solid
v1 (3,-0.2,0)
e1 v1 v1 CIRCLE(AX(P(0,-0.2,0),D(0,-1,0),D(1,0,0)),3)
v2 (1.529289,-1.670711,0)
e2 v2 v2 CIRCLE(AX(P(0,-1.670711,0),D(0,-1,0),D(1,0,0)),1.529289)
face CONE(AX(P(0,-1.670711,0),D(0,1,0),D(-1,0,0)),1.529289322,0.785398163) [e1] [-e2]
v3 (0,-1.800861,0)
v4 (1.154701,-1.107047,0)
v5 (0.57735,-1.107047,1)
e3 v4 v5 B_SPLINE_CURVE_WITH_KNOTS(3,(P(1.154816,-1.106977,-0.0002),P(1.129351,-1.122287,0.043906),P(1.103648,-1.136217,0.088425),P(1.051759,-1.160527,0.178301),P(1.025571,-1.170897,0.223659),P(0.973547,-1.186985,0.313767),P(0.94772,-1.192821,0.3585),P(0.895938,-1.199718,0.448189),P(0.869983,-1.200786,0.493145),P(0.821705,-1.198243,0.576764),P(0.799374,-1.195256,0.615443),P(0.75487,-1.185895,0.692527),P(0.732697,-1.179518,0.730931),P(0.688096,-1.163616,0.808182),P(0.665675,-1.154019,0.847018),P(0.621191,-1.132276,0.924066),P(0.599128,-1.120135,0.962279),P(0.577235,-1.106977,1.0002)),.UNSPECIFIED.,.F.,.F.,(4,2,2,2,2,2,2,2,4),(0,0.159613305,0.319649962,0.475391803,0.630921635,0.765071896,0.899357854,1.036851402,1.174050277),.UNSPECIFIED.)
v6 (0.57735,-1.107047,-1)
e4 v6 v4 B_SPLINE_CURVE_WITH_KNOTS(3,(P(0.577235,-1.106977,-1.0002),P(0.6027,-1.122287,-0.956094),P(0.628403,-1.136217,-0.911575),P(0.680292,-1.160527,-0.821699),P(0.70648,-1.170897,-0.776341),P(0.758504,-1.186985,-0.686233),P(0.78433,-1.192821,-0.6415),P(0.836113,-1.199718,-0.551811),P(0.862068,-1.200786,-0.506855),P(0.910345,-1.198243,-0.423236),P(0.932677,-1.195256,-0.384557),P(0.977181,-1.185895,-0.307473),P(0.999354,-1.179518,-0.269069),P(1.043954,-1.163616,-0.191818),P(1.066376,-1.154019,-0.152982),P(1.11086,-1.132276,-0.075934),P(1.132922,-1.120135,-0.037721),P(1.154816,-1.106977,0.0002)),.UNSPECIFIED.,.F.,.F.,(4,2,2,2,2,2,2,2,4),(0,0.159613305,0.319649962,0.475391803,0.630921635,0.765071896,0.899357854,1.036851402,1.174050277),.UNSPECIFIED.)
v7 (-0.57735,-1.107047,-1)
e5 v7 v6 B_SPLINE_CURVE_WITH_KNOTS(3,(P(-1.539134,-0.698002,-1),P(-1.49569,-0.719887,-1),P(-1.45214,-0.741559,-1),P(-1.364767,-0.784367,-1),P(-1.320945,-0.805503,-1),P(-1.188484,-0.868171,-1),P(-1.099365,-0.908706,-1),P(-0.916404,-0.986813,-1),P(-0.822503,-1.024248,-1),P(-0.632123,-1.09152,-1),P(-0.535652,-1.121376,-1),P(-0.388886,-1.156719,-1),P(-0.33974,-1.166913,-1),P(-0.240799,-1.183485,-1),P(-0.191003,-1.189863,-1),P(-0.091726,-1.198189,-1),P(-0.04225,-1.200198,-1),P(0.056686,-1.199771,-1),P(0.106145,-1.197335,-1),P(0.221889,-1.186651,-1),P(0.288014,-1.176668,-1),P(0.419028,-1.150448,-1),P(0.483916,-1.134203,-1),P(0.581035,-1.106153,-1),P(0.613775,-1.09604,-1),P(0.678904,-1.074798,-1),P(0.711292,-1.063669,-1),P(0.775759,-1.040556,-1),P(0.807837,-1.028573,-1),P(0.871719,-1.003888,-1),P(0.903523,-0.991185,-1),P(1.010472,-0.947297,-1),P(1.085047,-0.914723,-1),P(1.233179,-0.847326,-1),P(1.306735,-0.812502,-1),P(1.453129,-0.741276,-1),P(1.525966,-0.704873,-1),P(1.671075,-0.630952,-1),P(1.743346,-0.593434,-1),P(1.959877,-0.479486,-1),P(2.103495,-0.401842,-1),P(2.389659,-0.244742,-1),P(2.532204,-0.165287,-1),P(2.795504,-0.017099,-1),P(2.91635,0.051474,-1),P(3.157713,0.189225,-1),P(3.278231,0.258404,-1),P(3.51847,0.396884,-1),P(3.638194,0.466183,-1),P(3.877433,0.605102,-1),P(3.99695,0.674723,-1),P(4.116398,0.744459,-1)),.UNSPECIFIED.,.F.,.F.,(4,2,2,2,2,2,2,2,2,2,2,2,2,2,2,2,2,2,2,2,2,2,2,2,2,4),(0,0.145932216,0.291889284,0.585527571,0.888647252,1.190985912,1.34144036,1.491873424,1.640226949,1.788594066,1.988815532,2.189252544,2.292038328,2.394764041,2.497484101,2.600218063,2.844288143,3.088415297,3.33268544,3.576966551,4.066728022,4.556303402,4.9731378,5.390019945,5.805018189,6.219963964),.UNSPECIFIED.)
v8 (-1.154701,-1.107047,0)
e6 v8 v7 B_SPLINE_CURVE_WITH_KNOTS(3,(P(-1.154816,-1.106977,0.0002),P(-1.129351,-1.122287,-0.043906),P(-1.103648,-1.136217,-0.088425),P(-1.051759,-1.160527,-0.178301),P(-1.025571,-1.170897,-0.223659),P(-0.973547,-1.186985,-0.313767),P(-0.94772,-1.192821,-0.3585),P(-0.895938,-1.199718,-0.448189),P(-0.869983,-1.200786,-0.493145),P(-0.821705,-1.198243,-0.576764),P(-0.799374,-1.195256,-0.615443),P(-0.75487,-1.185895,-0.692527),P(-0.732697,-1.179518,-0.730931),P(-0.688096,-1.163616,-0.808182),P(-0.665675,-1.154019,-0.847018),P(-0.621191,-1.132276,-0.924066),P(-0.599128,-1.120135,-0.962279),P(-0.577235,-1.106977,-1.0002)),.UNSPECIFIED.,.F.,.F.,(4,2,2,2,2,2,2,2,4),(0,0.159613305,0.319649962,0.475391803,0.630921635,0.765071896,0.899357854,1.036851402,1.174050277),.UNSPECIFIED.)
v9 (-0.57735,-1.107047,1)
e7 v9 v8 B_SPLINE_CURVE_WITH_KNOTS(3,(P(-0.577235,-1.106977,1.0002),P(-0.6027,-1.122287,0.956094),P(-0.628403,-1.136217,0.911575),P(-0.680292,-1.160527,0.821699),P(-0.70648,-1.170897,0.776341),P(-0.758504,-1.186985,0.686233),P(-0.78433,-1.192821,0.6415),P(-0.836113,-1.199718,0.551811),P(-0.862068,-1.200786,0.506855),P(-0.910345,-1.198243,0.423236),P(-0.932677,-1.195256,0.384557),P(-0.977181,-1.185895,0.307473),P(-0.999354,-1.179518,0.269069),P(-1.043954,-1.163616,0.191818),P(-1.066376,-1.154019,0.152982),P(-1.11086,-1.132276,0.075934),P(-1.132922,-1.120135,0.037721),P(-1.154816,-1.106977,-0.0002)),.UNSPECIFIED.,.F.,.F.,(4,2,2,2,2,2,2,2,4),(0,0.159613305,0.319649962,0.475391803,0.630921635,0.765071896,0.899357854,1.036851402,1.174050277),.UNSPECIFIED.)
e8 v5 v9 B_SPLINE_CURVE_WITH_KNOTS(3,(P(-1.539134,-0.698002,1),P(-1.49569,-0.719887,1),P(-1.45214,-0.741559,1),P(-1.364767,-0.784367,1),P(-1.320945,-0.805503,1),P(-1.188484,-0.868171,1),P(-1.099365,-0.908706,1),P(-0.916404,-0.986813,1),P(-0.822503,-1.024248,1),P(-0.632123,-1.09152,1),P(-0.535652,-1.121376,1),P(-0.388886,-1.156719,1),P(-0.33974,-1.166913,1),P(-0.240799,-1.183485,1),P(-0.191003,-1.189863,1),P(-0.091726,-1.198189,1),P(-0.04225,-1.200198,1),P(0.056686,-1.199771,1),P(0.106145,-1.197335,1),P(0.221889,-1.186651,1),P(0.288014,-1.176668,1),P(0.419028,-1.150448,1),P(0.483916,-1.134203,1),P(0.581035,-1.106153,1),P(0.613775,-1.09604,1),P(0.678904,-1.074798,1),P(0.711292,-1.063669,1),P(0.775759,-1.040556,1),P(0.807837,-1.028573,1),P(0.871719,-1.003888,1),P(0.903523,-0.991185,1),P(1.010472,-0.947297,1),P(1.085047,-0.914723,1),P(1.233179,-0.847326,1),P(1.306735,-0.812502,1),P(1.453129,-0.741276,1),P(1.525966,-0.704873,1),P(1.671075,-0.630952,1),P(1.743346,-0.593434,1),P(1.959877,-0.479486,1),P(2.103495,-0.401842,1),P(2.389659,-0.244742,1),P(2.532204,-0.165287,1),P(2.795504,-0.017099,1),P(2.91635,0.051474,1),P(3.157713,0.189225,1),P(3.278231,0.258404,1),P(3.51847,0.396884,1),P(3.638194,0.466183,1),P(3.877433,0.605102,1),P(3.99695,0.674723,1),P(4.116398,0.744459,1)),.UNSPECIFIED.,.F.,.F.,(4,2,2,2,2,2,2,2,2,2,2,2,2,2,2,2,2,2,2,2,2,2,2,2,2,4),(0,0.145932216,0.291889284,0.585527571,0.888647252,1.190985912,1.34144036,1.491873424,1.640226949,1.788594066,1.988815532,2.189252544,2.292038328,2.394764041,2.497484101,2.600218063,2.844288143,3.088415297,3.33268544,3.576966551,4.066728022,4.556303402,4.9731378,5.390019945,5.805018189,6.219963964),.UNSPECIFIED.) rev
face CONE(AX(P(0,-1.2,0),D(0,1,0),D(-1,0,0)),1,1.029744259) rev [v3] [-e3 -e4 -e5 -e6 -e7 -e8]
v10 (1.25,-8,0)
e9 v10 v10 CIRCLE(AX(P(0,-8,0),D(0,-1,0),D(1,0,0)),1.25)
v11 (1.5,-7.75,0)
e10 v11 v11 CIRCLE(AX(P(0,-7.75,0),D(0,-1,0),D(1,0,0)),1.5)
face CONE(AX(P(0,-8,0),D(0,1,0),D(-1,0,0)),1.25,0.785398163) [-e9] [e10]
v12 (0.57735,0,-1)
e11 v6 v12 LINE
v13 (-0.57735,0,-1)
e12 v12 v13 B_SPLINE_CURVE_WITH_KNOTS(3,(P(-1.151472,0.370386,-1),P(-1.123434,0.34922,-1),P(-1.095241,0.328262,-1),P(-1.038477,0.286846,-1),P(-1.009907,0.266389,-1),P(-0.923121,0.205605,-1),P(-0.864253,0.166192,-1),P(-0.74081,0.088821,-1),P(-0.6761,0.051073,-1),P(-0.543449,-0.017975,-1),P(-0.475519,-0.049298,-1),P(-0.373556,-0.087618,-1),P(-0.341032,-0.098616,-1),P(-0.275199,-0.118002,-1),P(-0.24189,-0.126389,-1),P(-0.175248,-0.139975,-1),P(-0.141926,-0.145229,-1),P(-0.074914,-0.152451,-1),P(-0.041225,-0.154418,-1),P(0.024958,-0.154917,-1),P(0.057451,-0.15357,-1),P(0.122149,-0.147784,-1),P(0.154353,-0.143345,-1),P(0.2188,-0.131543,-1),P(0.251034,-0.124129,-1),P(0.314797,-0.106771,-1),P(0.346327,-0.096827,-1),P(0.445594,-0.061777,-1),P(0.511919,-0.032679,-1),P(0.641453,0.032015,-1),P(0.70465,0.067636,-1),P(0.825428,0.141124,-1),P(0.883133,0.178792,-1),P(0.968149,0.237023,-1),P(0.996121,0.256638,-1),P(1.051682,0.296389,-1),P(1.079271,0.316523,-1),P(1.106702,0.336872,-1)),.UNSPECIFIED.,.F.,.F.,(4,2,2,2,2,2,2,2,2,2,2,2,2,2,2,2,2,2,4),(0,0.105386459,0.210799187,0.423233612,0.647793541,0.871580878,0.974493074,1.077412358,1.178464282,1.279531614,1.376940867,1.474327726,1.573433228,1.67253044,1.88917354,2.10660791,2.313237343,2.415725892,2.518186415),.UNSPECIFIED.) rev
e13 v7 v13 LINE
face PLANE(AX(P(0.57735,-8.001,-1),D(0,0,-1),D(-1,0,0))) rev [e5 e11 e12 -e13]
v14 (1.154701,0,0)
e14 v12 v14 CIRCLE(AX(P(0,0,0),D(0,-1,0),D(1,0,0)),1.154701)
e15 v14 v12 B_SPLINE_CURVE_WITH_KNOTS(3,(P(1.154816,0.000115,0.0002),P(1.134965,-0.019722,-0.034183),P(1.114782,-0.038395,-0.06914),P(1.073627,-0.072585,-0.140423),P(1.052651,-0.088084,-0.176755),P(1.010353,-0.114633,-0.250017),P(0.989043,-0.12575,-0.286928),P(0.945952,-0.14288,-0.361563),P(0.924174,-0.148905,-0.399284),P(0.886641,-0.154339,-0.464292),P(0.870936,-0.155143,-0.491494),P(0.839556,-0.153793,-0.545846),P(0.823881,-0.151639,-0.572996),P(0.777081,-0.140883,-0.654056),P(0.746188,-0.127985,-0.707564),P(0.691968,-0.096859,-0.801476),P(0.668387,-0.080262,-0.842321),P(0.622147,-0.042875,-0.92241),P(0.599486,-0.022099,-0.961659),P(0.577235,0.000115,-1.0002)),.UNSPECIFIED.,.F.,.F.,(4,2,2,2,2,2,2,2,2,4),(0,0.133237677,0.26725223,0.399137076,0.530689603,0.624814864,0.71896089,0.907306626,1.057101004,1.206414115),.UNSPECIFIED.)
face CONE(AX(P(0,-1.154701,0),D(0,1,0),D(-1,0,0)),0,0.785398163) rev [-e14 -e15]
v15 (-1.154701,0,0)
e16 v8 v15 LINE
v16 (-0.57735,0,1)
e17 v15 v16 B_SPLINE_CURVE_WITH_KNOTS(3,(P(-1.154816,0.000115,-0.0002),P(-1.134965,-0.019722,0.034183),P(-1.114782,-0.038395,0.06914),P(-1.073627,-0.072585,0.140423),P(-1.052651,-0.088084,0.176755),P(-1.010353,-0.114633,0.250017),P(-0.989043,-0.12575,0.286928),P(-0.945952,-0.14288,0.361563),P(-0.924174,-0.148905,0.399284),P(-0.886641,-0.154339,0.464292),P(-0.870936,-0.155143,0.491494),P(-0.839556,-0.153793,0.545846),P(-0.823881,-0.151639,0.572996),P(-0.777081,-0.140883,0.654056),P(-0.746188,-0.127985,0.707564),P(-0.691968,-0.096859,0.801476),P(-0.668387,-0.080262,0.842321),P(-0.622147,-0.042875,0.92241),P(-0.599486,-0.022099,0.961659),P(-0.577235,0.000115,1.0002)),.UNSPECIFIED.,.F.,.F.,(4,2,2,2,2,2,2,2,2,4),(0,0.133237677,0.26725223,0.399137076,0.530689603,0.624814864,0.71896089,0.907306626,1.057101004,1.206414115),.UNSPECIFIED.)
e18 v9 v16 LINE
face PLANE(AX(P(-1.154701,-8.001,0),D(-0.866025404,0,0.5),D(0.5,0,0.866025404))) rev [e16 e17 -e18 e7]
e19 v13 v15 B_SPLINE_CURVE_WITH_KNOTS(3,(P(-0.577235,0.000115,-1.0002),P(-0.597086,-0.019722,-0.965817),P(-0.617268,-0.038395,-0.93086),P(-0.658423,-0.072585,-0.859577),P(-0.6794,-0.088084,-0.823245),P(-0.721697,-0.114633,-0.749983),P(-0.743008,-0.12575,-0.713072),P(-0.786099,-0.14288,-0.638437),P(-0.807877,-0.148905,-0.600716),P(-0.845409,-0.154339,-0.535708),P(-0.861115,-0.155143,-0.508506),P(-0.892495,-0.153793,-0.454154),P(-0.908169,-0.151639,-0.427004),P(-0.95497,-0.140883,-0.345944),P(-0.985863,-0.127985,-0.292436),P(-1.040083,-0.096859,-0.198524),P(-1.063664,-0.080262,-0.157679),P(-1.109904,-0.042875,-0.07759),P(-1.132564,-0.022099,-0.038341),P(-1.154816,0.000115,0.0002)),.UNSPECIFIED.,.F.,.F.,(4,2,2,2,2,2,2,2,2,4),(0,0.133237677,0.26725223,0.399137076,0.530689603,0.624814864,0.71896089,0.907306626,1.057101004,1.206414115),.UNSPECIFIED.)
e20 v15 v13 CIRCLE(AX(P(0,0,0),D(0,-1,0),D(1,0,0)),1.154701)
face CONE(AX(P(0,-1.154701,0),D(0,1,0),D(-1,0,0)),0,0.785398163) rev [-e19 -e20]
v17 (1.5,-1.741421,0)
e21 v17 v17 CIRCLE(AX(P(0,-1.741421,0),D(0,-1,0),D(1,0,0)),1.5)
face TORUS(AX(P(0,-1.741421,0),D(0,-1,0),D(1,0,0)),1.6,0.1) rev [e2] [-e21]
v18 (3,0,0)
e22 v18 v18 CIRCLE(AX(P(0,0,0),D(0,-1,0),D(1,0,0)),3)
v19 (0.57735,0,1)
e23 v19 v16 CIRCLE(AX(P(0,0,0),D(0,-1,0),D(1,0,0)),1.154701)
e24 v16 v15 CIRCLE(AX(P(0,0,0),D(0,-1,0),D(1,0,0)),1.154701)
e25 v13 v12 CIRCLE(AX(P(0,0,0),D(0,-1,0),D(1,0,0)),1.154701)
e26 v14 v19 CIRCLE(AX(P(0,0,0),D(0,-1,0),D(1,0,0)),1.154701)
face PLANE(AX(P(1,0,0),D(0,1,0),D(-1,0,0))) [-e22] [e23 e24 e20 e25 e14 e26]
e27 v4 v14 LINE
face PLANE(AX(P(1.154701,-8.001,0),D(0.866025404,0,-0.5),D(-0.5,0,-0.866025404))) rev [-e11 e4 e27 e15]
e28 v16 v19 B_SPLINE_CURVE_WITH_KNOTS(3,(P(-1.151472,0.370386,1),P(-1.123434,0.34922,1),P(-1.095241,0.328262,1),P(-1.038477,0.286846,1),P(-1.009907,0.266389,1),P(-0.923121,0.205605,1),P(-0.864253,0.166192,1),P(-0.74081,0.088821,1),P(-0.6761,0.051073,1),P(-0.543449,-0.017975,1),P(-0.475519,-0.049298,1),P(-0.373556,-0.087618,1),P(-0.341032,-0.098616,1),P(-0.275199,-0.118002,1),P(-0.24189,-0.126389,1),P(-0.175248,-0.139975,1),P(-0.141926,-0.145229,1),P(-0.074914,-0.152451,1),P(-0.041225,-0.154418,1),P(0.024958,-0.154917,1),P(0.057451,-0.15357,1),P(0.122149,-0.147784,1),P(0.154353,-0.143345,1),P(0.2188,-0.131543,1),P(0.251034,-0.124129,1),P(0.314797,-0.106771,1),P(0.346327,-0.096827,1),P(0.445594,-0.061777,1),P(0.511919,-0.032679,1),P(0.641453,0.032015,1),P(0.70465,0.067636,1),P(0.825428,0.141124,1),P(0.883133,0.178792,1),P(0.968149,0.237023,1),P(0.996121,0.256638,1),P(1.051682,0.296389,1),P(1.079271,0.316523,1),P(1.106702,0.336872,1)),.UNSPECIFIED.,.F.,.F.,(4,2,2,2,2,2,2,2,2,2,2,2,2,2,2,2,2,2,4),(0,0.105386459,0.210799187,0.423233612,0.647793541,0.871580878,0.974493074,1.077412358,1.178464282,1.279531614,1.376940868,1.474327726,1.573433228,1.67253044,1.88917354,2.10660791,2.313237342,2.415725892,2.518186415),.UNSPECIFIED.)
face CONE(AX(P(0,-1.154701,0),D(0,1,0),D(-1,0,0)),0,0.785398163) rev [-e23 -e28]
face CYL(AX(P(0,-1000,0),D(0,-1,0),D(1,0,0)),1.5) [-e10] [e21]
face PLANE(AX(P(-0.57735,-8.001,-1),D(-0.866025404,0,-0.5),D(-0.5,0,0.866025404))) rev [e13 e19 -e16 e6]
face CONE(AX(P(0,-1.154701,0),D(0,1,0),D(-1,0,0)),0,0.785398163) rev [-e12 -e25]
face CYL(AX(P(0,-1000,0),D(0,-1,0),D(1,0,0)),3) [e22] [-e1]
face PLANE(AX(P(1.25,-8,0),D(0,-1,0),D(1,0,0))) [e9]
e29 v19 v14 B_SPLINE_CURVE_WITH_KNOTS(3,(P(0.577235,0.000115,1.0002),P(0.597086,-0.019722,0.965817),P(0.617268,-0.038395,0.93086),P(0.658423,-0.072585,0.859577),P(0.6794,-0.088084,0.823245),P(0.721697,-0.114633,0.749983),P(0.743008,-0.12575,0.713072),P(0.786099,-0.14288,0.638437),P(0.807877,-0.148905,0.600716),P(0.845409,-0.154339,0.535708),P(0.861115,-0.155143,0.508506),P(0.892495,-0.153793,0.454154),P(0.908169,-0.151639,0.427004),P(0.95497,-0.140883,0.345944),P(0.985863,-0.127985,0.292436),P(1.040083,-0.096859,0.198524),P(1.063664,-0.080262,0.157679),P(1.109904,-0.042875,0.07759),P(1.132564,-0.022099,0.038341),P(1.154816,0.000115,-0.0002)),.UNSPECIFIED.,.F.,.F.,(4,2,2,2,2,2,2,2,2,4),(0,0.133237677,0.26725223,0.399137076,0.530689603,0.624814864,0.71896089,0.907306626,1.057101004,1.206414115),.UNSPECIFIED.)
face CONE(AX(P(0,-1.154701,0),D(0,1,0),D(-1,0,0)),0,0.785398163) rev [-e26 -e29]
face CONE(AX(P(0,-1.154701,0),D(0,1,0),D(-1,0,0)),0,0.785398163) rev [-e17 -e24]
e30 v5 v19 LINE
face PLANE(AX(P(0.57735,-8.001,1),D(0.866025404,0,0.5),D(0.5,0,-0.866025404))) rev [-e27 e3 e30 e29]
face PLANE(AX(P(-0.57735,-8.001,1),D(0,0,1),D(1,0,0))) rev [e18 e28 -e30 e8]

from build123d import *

# Parameters (mm, degrees)
CORTE_EXTRUS_O1_REACH = 11.055


with BuildPart() as part:
    # Esboço1 → Revolução1 (revolve)
    with BuildSketch(Plane.XY):
        with BuildLine():
            Line((0, -1.800860619), (1, -1.2))
            Line((1, -1.2), (1, 0))
            Line((1, 0), (3, 0))
            Line((3, 0), (3, -0.2))
            Line((3, -0.2), (1.529289322, -1.670710678))
            ThreePointArc((1.529289322, -1.670710678), (1.507612047, -1.703153013), (1.5, -1.741421356))
            Line((1.5, -1.741421356), (1.5, -7.75))
            Line((1.5, -7.75), (1.25, -8))
            Line((1.25, -8), (0, -8))
            Line((0, -8), (0, -1.800860619))
        make_face()
    revolve(axis=Axis((0, -1000, 0), (0, 1, 0)))

    # Corte-extrusão1: up to this cone (the profile starts inside it)
    corte_extrus_o1_end = Plane(origin=(0, 0, 0), z_dir=(0, 1, 0)).offset(-1.800859619) * Cone(1.664e-06, 27.215955714, 16.352994998, align=(Align.CENTER, Align.CENTER, Align.MIN), mode=Mode.PRIVATE)
    # Esboço2 → Corte-extrusão1 (cut, up to the surface)
    with BuildSketch(Plane(origin=(0, 0, 0), x_dir=(1, 0, 0), z_dir=(0, 1, 0)), mode=Mode.PRIVATE) as corte_extrus_o1_sk1:
        Polygon((-1.154700538, 0), (-0.577350269, -1), (0.577350269, -1), (1.154700538, 0), (0.577350269, 1), (-0.577350269, 1), align=None)
    corte_extrus_o1_tool1 = extrude(corte_extrus_o1_sk1.sketch, amount=-CORTE_EXTRUS_O1_REACH, mode=Mode.PRIVATE) & corte_extrus_o1_end
    add(corte_extrus_o1_tool1.solids().sort_by_distance((0, 0, 0))[0], mode=Mode.SUBTRACT)

    # Esboço3 → Corte-Revolução1 (revolve, cut)
    with BuildSketch(Plane.XY, mode=Mode.PRIVATE) as corte_revolu_o1_sk:
        Polygon((1.154700538, 0), (0, -1.154700538), (0, 0), align=None)
    revolve(corte_revolu_o1_sk.sketch.rotate(Axis((0, -1000, 0), (0, 1, 0)), 180), axis=Axis((0, -1000, 0), (0, 1, 0)), mode=Mode.SUBTRACT)


solid = part.part
